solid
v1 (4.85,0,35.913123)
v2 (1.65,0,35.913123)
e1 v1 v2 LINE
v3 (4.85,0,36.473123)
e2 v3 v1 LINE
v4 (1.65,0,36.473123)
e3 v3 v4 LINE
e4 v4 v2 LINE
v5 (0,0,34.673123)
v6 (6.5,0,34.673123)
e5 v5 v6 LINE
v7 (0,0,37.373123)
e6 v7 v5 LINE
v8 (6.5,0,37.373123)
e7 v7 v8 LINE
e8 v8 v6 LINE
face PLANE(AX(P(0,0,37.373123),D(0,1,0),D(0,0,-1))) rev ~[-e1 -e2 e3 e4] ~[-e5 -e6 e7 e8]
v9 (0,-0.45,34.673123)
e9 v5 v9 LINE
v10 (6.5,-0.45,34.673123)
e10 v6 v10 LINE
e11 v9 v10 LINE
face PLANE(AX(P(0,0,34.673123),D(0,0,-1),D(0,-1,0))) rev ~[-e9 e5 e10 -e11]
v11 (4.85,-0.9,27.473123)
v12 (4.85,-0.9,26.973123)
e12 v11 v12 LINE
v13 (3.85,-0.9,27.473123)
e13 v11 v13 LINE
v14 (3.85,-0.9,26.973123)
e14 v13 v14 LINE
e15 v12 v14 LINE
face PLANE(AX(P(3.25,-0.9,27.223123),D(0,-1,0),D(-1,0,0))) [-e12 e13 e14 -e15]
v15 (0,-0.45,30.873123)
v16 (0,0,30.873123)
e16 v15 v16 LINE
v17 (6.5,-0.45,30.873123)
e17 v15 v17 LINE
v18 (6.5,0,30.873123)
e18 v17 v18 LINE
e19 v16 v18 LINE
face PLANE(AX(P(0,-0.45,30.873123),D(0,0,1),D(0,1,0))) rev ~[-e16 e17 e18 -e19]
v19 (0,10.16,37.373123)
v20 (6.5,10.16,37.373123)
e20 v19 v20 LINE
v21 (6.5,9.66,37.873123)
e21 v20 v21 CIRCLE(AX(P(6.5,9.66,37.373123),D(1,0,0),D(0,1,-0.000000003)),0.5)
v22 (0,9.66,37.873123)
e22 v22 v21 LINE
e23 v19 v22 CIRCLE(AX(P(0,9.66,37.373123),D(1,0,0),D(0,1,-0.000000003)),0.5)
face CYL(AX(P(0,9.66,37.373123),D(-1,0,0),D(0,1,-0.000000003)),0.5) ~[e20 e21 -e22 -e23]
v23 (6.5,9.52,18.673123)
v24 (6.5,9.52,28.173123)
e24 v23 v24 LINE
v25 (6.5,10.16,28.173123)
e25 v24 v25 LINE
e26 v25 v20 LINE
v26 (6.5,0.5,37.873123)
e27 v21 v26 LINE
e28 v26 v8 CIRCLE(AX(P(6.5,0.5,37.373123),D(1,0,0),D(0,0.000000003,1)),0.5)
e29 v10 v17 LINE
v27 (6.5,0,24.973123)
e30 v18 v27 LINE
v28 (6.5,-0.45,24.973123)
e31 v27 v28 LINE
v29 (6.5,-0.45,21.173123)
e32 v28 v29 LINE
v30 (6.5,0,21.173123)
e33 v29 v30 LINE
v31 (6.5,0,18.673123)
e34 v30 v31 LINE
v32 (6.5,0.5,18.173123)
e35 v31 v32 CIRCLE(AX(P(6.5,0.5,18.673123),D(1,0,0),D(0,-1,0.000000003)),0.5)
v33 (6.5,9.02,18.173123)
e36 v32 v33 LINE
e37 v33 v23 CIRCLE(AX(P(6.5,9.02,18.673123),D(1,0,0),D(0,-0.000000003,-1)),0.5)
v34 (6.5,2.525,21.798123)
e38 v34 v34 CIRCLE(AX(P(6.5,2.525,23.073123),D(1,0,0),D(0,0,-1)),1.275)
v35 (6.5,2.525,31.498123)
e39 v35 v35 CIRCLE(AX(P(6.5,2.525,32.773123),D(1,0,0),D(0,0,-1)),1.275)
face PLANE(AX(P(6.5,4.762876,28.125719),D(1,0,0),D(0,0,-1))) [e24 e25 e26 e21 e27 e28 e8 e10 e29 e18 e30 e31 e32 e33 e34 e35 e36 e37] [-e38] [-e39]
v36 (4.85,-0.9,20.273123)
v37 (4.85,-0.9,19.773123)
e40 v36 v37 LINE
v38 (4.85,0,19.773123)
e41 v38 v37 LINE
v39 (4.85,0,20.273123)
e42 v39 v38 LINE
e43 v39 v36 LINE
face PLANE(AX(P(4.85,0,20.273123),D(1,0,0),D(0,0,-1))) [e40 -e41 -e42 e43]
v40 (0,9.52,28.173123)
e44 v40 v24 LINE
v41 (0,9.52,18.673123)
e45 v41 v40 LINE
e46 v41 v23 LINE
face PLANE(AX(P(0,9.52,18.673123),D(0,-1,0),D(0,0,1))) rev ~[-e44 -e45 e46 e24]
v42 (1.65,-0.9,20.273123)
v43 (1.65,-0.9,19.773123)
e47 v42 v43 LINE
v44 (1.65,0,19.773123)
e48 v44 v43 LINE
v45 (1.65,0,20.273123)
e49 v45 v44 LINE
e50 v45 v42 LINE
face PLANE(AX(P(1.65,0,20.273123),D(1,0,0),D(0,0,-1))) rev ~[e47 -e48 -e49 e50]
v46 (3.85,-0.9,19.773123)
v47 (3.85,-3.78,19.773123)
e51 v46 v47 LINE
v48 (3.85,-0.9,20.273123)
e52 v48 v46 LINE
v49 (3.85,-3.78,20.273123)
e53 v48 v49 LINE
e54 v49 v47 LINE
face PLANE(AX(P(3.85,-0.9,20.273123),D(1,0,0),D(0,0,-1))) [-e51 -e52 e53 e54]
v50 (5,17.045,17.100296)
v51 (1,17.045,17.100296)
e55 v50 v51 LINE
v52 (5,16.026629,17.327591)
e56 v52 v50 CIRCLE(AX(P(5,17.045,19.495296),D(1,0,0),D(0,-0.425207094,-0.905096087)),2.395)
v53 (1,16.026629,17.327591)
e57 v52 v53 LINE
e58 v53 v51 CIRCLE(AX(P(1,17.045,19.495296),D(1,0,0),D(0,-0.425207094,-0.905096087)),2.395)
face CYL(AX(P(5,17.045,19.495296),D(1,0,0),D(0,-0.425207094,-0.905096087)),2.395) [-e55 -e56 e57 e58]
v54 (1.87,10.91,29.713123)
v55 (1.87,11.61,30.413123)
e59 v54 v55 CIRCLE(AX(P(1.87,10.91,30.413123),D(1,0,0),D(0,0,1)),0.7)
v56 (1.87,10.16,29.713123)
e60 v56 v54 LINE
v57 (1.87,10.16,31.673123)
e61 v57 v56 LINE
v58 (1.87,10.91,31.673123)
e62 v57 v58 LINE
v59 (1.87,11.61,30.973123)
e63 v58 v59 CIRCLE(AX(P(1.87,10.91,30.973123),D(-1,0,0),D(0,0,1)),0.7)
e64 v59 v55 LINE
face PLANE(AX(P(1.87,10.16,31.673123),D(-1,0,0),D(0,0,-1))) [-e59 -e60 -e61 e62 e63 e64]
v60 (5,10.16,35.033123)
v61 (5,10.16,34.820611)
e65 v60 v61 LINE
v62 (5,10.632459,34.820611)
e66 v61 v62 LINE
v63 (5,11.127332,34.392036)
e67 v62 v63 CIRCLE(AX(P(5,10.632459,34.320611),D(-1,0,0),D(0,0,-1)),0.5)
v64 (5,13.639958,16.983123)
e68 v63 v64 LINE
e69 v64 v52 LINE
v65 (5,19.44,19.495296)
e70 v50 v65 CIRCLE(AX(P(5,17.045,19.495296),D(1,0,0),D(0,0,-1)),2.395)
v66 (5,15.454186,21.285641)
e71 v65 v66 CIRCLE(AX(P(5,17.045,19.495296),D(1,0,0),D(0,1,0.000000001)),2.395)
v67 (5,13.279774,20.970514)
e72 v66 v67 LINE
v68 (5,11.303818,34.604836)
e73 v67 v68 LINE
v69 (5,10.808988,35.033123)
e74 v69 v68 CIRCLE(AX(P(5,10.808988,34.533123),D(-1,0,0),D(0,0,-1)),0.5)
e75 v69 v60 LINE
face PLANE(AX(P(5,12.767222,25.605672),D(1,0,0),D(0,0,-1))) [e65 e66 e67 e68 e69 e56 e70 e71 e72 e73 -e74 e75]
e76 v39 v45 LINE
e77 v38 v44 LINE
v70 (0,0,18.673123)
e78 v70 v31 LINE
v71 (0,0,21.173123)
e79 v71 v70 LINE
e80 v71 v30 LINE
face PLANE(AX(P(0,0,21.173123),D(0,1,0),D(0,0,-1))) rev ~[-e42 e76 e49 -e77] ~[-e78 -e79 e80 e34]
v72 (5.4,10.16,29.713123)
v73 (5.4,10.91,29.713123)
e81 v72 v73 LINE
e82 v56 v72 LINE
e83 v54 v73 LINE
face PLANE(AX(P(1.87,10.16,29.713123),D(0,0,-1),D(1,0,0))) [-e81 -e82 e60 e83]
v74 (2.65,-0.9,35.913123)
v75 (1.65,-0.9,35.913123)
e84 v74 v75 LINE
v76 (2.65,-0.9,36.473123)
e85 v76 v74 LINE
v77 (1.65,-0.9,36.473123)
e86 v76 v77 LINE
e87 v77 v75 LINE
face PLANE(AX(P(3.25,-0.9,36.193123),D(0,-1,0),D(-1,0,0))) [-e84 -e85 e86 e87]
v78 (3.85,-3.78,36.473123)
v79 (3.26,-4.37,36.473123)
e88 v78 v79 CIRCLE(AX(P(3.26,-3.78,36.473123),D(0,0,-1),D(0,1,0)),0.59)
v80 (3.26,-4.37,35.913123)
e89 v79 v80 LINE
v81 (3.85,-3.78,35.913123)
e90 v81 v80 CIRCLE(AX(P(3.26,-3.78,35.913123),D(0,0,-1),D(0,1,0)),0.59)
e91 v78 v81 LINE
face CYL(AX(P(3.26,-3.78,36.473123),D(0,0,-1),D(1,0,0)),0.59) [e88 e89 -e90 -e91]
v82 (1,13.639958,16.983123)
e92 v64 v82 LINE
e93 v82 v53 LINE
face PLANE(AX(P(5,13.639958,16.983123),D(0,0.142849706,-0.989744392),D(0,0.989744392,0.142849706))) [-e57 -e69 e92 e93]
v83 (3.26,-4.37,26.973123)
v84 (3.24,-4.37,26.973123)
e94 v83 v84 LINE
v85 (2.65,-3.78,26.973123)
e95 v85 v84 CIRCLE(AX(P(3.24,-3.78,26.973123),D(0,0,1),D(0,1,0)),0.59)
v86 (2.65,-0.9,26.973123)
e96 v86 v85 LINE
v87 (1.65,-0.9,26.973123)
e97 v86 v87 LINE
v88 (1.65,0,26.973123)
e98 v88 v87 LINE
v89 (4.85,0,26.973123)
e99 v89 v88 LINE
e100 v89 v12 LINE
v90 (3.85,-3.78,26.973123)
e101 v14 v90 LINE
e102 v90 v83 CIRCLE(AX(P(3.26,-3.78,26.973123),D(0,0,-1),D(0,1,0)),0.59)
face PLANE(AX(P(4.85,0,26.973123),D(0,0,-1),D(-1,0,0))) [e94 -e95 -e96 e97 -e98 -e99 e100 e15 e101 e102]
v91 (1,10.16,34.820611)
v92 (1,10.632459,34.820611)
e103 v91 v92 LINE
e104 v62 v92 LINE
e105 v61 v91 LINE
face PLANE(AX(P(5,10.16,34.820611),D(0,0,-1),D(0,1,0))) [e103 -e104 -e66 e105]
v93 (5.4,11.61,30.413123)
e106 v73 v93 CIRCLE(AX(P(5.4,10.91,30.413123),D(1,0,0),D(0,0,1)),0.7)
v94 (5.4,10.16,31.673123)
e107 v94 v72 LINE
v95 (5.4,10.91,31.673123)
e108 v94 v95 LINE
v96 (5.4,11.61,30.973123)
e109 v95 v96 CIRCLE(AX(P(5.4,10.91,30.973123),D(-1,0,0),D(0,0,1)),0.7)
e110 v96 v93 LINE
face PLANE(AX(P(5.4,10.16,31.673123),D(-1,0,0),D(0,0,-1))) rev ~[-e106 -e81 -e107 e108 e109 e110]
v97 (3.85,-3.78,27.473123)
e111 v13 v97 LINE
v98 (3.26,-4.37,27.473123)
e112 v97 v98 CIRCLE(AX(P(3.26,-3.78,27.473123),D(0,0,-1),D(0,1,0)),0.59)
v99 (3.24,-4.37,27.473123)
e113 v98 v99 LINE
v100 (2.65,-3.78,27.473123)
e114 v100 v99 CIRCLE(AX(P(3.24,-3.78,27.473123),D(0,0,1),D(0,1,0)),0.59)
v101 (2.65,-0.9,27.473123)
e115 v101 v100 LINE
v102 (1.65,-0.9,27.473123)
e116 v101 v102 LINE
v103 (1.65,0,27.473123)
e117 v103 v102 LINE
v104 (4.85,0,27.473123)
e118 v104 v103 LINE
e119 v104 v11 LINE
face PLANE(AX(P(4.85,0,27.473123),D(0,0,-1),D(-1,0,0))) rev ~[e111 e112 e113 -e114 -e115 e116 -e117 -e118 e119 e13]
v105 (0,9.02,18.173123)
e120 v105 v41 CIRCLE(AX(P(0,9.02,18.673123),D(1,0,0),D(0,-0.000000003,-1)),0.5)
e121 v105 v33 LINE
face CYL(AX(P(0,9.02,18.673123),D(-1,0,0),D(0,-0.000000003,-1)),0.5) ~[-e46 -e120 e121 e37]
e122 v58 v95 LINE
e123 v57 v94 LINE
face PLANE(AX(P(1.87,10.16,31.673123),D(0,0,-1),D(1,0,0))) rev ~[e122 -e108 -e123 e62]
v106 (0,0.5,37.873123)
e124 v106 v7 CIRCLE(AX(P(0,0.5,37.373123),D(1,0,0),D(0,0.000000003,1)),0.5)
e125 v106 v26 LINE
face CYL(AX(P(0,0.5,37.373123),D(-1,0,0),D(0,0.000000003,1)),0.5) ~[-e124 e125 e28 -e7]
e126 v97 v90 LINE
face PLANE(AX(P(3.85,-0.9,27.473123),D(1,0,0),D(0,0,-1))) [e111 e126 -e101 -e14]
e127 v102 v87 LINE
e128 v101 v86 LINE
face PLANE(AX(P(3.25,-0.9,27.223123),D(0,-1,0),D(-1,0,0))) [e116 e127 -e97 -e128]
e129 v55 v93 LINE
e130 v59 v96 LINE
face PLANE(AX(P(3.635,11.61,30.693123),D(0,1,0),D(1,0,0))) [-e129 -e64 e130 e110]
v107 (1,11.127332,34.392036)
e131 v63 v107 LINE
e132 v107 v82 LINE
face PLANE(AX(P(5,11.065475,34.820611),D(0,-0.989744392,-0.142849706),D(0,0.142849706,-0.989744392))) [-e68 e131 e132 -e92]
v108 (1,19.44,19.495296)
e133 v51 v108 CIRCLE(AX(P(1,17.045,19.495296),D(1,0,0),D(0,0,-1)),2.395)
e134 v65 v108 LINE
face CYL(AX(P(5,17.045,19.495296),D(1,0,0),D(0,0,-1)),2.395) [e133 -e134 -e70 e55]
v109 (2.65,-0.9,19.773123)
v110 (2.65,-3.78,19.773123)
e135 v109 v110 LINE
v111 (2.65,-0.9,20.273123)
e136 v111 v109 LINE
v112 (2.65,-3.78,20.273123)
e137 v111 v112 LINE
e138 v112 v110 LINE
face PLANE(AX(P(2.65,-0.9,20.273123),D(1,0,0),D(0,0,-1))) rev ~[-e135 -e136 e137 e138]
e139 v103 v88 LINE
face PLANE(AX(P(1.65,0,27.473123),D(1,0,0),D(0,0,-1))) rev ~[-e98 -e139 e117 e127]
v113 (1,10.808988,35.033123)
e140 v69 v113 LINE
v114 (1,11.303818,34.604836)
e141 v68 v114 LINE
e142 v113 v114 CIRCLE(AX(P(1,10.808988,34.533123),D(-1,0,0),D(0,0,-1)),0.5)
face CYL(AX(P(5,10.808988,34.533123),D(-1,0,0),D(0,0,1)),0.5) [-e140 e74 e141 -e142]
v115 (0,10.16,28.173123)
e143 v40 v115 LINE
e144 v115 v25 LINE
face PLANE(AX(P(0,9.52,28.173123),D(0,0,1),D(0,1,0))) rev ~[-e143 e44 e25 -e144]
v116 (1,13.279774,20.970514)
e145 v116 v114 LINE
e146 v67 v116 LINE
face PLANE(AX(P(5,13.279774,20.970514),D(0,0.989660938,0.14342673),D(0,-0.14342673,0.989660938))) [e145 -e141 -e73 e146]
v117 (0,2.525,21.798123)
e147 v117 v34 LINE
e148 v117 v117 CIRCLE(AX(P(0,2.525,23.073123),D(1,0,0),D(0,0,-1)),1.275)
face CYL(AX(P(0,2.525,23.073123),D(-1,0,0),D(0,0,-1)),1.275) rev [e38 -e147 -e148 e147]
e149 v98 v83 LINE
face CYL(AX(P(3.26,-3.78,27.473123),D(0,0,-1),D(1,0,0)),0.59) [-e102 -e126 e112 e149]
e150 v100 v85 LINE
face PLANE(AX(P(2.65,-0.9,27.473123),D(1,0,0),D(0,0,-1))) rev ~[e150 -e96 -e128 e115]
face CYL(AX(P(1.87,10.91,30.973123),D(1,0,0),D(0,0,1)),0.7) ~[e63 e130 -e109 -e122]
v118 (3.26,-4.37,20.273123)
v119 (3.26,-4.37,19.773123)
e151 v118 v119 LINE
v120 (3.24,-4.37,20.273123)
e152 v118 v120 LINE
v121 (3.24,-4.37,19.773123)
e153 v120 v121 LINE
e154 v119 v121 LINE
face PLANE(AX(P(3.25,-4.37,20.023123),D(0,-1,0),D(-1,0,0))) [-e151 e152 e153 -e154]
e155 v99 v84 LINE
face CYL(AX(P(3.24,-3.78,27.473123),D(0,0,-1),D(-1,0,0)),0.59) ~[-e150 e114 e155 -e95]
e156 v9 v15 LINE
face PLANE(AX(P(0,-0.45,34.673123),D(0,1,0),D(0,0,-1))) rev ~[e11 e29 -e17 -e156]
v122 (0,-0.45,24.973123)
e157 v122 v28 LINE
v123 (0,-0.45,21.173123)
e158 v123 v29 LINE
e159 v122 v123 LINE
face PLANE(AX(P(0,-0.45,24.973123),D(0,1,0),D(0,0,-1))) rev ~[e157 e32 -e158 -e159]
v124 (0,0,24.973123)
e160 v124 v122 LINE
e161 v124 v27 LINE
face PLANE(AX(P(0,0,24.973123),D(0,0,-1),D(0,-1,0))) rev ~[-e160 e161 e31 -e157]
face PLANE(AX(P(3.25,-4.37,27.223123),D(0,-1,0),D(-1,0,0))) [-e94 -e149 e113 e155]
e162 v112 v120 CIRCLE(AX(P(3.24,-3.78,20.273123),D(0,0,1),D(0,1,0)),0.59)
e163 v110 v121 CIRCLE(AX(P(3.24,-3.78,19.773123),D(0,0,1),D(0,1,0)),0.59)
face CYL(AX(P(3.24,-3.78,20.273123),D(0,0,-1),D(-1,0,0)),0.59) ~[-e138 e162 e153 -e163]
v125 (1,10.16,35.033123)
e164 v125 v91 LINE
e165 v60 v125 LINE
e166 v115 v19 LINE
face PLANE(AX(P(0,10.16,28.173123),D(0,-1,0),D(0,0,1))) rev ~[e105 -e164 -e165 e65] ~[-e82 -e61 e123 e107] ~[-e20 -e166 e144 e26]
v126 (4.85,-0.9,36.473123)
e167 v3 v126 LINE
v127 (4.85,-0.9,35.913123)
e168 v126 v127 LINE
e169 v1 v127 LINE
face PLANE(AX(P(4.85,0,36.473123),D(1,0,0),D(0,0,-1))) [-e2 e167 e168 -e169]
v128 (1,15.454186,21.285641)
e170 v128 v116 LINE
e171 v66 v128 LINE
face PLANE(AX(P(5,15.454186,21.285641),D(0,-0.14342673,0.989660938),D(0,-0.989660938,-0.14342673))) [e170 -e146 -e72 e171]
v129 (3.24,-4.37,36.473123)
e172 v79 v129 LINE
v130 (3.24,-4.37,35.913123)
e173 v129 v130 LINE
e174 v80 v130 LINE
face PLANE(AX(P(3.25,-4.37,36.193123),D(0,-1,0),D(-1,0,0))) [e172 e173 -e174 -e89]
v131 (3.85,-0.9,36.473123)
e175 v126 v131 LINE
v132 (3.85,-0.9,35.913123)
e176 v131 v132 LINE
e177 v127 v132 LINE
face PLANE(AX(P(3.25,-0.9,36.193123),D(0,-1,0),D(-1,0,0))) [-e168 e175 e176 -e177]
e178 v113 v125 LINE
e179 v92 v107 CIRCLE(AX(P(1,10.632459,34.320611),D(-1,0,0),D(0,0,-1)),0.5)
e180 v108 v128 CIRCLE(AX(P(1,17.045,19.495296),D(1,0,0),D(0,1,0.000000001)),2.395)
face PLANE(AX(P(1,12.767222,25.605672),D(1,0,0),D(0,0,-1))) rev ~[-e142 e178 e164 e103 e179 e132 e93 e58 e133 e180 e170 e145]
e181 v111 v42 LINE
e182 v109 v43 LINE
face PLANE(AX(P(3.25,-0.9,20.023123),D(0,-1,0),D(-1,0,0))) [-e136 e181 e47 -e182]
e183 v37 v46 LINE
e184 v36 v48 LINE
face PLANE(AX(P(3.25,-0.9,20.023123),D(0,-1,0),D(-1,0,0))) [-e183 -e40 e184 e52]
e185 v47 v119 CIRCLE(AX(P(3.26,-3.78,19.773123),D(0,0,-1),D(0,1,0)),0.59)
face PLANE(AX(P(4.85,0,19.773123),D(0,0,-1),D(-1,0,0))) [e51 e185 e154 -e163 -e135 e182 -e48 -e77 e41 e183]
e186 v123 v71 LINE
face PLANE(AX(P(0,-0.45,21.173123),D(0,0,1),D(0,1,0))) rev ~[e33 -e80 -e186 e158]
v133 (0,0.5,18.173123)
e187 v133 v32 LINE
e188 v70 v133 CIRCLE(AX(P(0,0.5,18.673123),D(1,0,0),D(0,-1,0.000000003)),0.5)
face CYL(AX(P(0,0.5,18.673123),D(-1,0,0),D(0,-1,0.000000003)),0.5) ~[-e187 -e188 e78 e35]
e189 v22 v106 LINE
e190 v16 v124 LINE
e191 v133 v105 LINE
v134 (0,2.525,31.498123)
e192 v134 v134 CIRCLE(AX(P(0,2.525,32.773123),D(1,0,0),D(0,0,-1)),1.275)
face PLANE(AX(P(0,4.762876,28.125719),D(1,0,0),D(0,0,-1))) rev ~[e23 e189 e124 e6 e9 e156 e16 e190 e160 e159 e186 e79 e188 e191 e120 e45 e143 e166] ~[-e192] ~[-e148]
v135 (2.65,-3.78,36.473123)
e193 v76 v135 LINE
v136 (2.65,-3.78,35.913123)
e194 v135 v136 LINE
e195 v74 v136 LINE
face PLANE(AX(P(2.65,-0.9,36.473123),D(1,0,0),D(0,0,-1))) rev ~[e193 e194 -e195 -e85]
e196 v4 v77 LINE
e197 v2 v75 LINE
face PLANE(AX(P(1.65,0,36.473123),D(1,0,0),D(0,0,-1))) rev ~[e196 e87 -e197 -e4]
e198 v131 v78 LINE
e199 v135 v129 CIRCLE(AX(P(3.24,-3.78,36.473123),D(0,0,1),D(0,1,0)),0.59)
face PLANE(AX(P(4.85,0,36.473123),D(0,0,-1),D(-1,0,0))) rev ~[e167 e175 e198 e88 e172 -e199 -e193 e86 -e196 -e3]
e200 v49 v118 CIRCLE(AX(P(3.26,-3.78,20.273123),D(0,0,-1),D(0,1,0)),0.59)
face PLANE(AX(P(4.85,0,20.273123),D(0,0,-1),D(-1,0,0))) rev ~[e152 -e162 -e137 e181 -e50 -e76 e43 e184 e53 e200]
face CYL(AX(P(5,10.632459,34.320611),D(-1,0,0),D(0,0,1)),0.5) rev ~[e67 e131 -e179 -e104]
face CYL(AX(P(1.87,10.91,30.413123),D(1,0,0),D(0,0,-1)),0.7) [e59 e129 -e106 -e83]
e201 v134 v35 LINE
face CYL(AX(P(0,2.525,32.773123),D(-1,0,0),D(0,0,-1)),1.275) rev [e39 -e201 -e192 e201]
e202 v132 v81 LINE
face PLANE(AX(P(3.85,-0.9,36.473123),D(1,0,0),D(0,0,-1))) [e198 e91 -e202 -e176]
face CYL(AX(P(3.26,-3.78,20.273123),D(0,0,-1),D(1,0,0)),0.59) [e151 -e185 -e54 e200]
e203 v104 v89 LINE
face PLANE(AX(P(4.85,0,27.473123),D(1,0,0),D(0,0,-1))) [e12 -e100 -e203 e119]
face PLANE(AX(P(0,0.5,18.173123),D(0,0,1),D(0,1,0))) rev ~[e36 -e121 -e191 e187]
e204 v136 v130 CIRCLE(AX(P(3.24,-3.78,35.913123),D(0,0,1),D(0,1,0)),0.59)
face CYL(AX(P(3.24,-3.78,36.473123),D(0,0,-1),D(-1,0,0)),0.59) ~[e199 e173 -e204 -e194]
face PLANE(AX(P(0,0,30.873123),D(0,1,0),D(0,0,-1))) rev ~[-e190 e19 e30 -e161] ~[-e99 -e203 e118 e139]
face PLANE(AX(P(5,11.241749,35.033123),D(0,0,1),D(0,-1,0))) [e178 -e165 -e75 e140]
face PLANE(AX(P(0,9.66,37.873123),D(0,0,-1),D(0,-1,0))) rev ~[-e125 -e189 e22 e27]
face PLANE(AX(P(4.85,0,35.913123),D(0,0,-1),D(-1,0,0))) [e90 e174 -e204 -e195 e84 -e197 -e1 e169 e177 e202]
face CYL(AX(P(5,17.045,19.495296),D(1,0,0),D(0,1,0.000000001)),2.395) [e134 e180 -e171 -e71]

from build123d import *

# Parameters (mm, degrees)
SKETCH1_R           = 1.275
BOSS_EXTRUDE1_DEPTH = 6.5
SKETCH2_W           = 3.53
SKETCH2_H           = 1.96
BOSS_EXTRUDE2_DEPTH = 1.45
FILLET1_R           = 0.7
SKETCH3_W           = 3.2
SKETCH3_H           = 0.56
SKETCH3_H_2         = 0.5
BOSS_EXTRUDE3_DEPTH = 0.9
SKETCH4_W           = 1.2
SKETCH4_H           = 0.56
SKETCH4_H_2         = 0.5
BOSS_EXTRUDE4_DEPTH = 3.47
FILLET2_R           = 0.59
EXTRUDE_START       = -1.5
EXTRUDE_1_DEPTH     = 4
FILLET_1_R          = 0.5


with BuildPart() as part:
    # Sketch1 → Boss-Extrude1 (new body)
    with BuildSketch(Plane(origin=(0, 0, 0), x_dir=(0, 0, -1), z_dir=(1, 0, 0))):
        with BuildLine():
            Line((-37.373122581, 0), (-34.673122581, 0))
            Line((-34.673122581, 0), (-34.673122581, -0.45))
            Line((-34.673122581, -0.45), (-30.873122581, -0.45))
            Line((-30.873122581, -0.45), (-30.873122581, 0))
            Line((-30.873122581, 0), (-24.973122581, 0))
            Line((-24.973122581, 0), (-24.973122581, -0.45))
            Line((-24.973122581, -0.45), (-21.173122581, -0.45))
            Line((-21.173122581, -0.45), (-21.173122581, 0))
            Line((-21.173122581, 0), (-18.673122581, 0))
            ThreePointArc((-18.673122581, 0), (-18.31956919, 0.146446609), (-18.173122581, 0.5))
            Line((-18.173122581, 0.5), (-18.173122581, 9.02))
            ThreePointArc((-18.173122581, 9.02), (-18.31956919, 9.373553391), (-18.673122581, 9.52))
            Line((-18.673122581, 9.52), (-28.173122581, 9.52))
            Line((-28.173122581, 9.52), (-28.173122581, 10.16))
            Line((-28.173122581, 10.16), (-37.373122581, 10.16))
            ThreePointArc((-37.373122581, 10.16), (-37.726675972, 10.013553391), (-37.873122581, 9.66))
            Line((-37.873122581, 9.66), (-37.873122581, 0.5))
            ThreePointArc((-37.873122581, 0.5), (-37.726675972, 0.146446609), (-37.373122581, 0))
        make_face()
        with Locations((-32.773122581, 2.525)):
            Circle(SKETCH1_R, mode=Mode.SUBTRACT)
        with Locations((-23.073122581, 2.525)):
            Circle(SKETCH1_R, mode=Mode.SUBTRACT)
    extrude(amount=BOSS_EXTRUDE1_DEPTH)

    # Sketch2 → Boss-Extrude2 (add)
    with BuildSketch(Plane(origin=(0, 10.16, 0), x_dir=(1, 0, 0), z_dir=(0, 1, 0))):
        with Locations((3.635, -30.693122581)):
            Rectangle(SKETCH2_W, SKETCH2_H)
    extrude(amount=BOSS_EXTRUDE2_DEPTH)

    # Fillet1
    fillet1_edges = [part.edges().sort_by_distance(p)[0] for p in [
        (3.635, 11.61, 31.673122581),
        (3.635, 11.61, 29.713122581),
    ]]
    fillet(fillet1_edges, radius=FILLET1_R)

    # Sketch3 → Boss-Extrude3 (add)
    with BuildSketch(Plane(origin=(0, 0, 0), x_dir=(-1, 0, 0), z_dir=(0, -1, 0))):
        with Locations((-3.25, -36.193122581)):
            Rectangle(SKETCH3_W, SKETCH3_H)
        with Locations((-3.25, -27.223122581)):
            Rectangle(SKETCH3_W, SKETCH3_H_2)
        with Locations((-3.25, -20.023122581)):
            Rectangle(SKETCH3_W, SKETCH3_H_2)
    extrude(amount=BOSS_EXTRUDE3_DEPTH)

    # Sketch4 → Boss-Extrude4 (add)
    with BuildSketch(Plane(origin=(0, -0.9, 0), x_dir=(-1, 0, 0), z_dir=(0, -1, 0))):
        with Locations((-3.25, -36.193122581)):
            Rectangle(SKETCH4_W, SKETCH4_H)
        with Locations((-3.25, -27.223122581)):
            Rectangle(SKETCH4_W, SKETCH4_H_2)
        with Locations((-3.25, -20.023122581)):
            Rectangle(SKETCH4_W, SKETCH4_H_2)
    extrude(amount=BOSS_EXTRUDE4_DEPTH)

    # Fillet2
    fillet2_edges = [part.edges().sort_by_distance(p)[0] for p in [
        (2.65, -4.37, 36.193122581),
        (3.85, -4.37, 36.193122581),
        (2.65, -4.37, 27.223122581),
        (3.85, -4.37, 27.223122581),
        (3.85, -4.37, 20.023122581),
        (2.65, -4.37, 20.023122581),
    ]]
    fillet(fillet2_edges, radius=FILLET2_R)

    # Эскиз1 → Бобышка-Вытянуть1 (add)
    with BuildSketch(Plane(origin=(6.5, 0, 0), x_dir=(0, 0, -1), z_dir=(1, 0, 0)).offset(EXTRUDE_START)):
        with BuildLine():
            Line((-35.033122581, 10.16), (-34.820611294, 10.16))
            Line((-34.820611294, 10.16), (-34.820611294, 11.065475419))
            Line((-34.820611294, 11.065475419), (-16.983122581, 13.639958326))
            Line((-16.983122581, 13.639958326), (-17.327590515, 16.026629013))
            ThreePointArc((-17.327590515, 16.026629013), (-19.152479599, 14.674662016), (-21.2856409, 15.454186098))
            Line((-21.2856409, 15.454186098), (-20.970513986, 13.279774136))
            Line((-20.970513986, 13.279774136), (-35.033122581, 11.241748905))
            Line((-35.033122581, 11.241748905), (-35.033122581, 10.16))
        make_face()
        with BuildLine():
            ThreePointArc((-21.2856409, 15.454186098), (-19.152479599, 14.674662016), (-17.327590515, 16.026629013))
            Line((-17.327590515, 16.026629013), (-17.515806862, 17.330699412))
            ThreePointArc((-17.515806862, 17.330699412), (-19.781572094, 19.024405415), (-21.474617523, 16.75814654))
            Line((-21.474617523, 16.75814654), (-21.2856409, 15.454186098))
        make_face()
        with BuildLine():
            Line((-17.515806862, 17.330699412), (-17.327590515, 16.026629013))
            ThreePointArc((-17.327590515, 16.026629013), (-17.157809946, 16.523285896), (-17.100295646, 17.045))
            ThreePointArc((-17.100295646, 17.045), (-17.801774905, 18.738520741), (-19.495295646, 19.44))
            ThreePointArc((-19.495295646, 19.44), (-21.680018087, 18.026332182), (-21.2856409, 15.454186098))
            Line((-21.2856409, 15.454186098), (-21.474617523, 16.75814654))
            ThreePointArc((-21.474617523, 16.75814654), (-19.781572094, 19.024405415), (-17.515806862, 17.330699412))
        make_face()
    extrude(amount=-EXTRUDE_1_DEPTH)

    # Скругление1
    fillet_1_edges = [part.edges().sort_by_distance(p)[0] for p in [
        (3, 11.065475419, 34.820611294),
        (3, 11.241748905, 35.033122581),
    ]]
    fillet(fillet_1_edges, radius=FILLET_1_R)


solid = part.part
